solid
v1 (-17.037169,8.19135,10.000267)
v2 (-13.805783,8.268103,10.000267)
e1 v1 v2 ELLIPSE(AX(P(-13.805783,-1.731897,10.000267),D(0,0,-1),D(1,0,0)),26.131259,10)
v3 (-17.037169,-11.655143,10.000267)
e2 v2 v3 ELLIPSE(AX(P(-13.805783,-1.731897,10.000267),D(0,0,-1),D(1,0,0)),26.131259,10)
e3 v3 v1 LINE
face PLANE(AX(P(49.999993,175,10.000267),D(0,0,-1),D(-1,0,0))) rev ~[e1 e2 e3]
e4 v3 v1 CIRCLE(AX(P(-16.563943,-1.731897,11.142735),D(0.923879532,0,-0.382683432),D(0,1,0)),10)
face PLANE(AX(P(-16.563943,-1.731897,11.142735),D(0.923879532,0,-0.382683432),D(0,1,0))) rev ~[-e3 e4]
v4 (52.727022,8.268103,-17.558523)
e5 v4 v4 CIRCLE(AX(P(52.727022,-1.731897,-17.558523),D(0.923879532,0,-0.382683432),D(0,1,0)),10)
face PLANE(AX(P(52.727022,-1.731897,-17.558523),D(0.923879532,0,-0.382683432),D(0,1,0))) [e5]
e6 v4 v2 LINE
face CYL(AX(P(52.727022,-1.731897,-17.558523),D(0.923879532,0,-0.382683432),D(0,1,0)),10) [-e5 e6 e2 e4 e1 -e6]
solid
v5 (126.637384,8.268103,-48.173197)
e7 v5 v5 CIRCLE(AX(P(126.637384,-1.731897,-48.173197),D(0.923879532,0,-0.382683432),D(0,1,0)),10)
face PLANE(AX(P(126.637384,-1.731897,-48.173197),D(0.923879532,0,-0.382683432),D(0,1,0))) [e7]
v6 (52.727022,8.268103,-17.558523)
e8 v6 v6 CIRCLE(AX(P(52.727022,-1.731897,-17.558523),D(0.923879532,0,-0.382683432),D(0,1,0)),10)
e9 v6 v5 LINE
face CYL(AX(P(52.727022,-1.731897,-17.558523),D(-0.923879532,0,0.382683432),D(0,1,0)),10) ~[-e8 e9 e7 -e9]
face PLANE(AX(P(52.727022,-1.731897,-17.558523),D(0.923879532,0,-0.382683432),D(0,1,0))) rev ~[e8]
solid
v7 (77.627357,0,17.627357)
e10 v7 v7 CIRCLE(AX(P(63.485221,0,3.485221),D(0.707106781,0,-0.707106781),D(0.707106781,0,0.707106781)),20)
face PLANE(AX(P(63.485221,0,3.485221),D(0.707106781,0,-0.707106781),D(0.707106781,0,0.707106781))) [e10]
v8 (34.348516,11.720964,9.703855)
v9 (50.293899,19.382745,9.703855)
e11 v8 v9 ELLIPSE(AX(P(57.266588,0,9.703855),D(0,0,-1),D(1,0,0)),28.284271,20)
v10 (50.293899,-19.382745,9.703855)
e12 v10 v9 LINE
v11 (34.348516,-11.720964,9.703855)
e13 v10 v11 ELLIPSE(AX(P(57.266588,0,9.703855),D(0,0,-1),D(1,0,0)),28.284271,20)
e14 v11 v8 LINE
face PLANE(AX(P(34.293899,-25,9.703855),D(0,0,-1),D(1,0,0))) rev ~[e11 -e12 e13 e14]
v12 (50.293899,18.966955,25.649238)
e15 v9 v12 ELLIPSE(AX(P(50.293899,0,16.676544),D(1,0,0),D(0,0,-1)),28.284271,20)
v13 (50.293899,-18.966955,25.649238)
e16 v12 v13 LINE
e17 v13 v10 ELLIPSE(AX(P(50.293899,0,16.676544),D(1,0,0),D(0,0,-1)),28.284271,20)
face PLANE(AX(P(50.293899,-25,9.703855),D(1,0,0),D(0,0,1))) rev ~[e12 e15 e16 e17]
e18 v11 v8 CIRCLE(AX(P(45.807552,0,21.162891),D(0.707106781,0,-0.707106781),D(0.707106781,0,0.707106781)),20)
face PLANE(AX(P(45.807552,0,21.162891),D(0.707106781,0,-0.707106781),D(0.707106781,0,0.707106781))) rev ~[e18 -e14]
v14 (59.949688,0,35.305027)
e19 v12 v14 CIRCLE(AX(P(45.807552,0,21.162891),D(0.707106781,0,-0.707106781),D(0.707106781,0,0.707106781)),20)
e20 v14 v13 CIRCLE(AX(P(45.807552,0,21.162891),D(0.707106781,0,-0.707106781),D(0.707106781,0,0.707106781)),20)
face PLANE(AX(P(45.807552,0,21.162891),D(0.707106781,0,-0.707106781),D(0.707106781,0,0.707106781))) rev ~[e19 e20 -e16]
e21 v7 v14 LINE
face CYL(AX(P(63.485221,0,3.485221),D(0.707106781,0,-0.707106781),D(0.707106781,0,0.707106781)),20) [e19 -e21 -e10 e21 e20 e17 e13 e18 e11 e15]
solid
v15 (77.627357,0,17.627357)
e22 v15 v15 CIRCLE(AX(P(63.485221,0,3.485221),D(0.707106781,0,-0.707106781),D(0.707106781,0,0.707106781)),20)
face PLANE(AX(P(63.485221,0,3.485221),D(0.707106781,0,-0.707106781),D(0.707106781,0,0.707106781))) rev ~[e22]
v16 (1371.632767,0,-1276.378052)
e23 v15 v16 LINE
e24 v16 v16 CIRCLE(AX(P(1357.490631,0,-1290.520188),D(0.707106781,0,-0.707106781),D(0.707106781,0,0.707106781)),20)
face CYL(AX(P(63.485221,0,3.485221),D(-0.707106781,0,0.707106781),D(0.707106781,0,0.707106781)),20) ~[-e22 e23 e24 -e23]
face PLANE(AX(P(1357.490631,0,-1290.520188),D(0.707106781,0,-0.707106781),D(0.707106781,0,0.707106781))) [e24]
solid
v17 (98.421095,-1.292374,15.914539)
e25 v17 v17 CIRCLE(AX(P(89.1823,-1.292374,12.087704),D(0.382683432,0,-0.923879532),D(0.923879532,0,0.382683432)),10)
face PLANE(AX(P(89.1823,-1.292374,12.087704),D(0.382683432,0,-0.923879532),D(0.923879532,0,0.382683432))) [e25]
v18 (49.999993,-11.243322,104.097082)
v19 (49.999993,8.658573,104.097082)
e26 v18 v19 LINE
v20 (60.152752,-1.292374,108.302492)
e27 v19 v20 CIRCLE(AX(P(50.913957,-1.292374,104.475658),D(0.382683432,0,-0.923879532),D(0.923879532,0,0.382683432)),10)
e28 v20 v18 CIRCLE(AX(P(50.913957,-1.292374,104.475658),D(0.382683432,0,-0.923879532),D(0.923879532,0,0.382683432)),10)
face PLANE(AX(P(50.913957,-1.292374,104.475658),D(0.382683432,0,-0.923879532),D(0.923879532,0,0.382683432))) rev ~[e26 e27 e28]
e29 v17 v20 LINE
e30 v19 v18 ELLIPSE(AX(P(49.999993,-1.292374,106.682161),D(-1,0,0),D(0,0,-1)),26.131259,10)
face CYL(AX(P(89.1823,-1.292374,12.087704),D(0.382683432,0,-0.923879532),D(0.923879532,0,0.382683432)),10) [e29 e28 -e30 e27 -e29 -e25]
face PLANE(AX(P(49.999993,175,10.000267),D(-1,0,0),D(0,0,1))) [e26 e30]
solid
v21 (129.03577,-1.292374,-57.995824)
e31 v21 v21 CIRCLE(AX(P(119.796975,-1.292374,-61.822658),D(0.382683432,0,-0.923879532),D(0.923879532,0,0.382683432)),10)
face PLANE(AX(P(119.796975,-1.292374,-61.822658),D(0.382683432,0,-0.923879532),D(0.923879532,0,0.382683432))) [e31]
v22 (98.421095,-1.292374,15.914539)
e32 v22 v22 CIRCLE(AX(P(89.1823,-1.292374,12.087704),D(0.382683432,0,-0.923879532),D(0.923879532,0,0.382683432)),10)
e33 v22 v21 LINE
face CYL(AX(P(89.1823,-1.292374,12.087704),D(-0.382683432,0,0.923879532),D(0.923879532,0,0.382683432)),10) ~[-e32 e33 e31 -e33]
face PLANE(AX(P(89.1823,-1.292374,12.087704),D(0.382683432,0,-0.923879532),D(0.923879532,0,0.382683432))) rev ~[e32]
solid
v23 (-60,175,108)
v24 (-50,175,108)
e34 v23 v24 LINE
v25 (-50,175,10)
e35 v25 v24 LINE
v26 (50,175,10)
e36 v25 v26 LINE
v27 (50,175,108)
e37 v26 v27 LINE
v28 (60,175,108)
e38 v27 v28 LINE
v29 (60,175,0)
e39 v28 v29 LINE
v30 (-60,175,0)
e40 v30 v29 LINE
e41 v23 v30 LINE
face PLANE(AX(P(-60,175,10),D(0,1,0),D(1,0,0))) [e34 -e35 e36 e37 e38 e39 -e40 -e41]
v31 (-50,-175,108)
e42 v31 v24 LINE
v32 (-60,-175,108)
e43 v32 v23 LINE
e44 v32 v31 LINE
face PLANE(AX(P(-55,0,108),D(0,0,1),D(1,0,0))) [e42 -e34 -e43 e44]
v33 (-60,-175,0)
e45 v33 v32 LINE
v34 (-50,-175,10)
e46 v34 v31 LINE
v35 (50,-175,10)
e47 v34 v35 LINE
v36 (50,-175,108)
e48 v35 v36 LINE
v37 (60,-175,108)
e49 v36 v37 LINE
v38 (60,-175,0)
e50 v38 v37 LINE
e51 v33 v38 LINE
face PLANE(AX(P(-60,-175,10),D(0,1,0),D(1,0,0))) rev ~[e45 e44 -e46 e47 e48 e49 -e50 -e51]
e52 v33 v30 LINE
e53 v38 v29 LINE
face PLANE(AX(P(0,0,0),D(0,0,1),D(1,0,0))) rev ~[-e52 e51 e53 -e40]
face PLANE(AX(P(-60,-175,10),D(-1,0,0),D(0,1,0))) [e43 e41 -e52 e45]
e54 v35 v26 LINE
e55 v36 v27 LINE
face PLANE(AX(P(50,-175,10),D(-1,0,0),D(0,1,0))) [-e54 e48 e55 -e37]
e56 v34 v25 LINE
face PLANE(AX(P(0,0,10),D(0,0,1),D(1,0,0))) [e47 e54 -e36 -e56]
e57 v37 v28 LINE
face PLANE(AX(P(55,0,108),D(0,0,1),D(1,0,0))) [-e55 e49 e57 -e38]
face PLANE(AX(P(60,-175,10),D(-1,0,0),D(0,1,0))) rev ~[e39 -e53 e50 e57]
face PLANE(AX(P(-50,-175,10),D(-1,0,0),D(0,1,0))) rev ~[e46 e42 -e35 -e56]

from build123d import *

# Parameters (mm, degrees)
F0_W      = 120
F0_H      = 350
F1_DEPTH  = 10
F2_W      = 10
F2_H      = 350
F4_DEPTH  = 98
F3_W      = 10
F3_H      = 350
F5_DEPTH  = 98
F7_R      = 20
F8_DEPTH  = 1830
F9_DEPTH  = 25
F11_W     = 16
F11_H     = 16.2
F12_DEPTH = 60
F15_R     = 10
F16_DEPTH = 100
F17_DEPTH = 80
F18_R     = 10
F19_DEPTH = 80
F20_DEPTH = 75
F22_W     = 99.9921187758
F22_H     = 98.00377395
F23_DEPTH = 200


with BuildPart() as f1:
    # F0 (on Top) → F1 (new body)
    with BuildSketch(Plane.XY):
        Rectangle(F0_W, F0_H)
    extrude(amount=F1_DEPTH)

    # F2 (on face) → F4 (join)
    with BuildSketch(Plane.XY.offset(10)):
        with Locations((55, 0)):
            Rectangle(F2_W, F2_H)
    extrude(amount=F4_DEPTH)

    # F3 (on face) → F5 (join)
    with BuildSketch(Plane.XY.offset(10)):
        with Locations((-55, 0)):
            Rectangle(F3_W, F3_H)
    extrude(amount=F5_DEPTH)


with BuildPart() as f8:
    # F7 (on face) → F8 (new body)
    with BuildSketch(Plane(origin=(30, 0, -30), x_dir=(0.7071067812, 0, 0.7071067812), z_dir=(0.7071067812, 0, -0.7071067812))):
        with Locations((47.3552543556, 0)):
            Circle(F7_R)
    extrude(amount=F8_DEPTH)


with BuildPart() as f9:
    # F9 (new): a face of the model
    f9_faces = [f8.part.faces().sort_by_distance(p)[0] for p in [
        (63.4852214797, 0, 3.4852214797),
    ]]
    extrude(f9_faces, amount=F9_DEPTH)

    # F11 (on offset) → F12 (cut)
    with BuildSketch(Plane.XZ.offset(25)):
        with Locations((42.2938987613, 17.8038550502)):
            Rectangle(F11_W, F11_H)
    extrude(amount=-F12_DEPTH, mode=Mode.SUBTRACT)


with BuildPart() as f16:
    # F15 (on face) → F16 (new body)
    with BuildSketch(Plane(origin=(8.7867965644, 0, -21.2132034356), x_dir=(0.9238795325, 0, 0.3826834324), z_dir=(0.3826834324, 0, -0.9238795325))):
        with Locations((87.0194658637, 1.2923743343)):
            Circle(F15_R)
    extrude(amount=-F16_DEPTH)


with BuildPart() as f17:
    # F17 (new): a face of the model
    f17_faces = [f16.part.faces().sort_by_distance(p)[0] for p in [
        (89.1823000059, -1.2923743343, 12.0877044437),
    ]]
    extrude(f17_faces, amount=F17_DEPTH)


with BuildPart() as f19:
    # F18 (on face) → F19 (new body)
    with BuildSketch(Plane(origin=(51.2132034356, 0, -21.2132034356), x_dir=(0, 1, 0), z_dir=(0.9238795325, 0, -0.3826834324))):
        with Locations((-1.7318965402, 3.955797758)):
            Circle(F18_R)
    extrude(amount=F19_DEPTH)


with BuildPart() as f20:
    # F20 (new): a face of the model
    f20_faces = [f19.part.faces().sort_by_distance(p)[0] for p in [
        (52.7270216994, -1.7318965402, -17.5585228523),
    ]]
    extrude(f20_faces, amount=F20_DEPTH)


with BuildPart() as f23_tool:
    # F22 (on offset) → F23 (new body)
    with BuildSketch(Plane(origin=(0, 175, 0), x_dir=(-1, 0, 0), z_dir=(0, 1, 0))):
        with Locations((-0.0039339066, 59.0021540411)):
            Rectangle(F22_W, F22_H)
    extrude(amount=-F23_DEPTH)


with BuildPart() as f16_1:
    add(f16.part)

    # F23: cut by f23_tool
    add(f23_tool.part, mode=Mode.SUBTRACT)


with BuildPart() as f20_1:
    add(f20.part)

    # F23: cut by f23_tool
    add(f23_tool.part, mode=Mode.SUBTRACT)


solid = Compound([f1.part, f8.part, f9.part, f17.part, f19.part, f16_1.part, f20_1.part])
